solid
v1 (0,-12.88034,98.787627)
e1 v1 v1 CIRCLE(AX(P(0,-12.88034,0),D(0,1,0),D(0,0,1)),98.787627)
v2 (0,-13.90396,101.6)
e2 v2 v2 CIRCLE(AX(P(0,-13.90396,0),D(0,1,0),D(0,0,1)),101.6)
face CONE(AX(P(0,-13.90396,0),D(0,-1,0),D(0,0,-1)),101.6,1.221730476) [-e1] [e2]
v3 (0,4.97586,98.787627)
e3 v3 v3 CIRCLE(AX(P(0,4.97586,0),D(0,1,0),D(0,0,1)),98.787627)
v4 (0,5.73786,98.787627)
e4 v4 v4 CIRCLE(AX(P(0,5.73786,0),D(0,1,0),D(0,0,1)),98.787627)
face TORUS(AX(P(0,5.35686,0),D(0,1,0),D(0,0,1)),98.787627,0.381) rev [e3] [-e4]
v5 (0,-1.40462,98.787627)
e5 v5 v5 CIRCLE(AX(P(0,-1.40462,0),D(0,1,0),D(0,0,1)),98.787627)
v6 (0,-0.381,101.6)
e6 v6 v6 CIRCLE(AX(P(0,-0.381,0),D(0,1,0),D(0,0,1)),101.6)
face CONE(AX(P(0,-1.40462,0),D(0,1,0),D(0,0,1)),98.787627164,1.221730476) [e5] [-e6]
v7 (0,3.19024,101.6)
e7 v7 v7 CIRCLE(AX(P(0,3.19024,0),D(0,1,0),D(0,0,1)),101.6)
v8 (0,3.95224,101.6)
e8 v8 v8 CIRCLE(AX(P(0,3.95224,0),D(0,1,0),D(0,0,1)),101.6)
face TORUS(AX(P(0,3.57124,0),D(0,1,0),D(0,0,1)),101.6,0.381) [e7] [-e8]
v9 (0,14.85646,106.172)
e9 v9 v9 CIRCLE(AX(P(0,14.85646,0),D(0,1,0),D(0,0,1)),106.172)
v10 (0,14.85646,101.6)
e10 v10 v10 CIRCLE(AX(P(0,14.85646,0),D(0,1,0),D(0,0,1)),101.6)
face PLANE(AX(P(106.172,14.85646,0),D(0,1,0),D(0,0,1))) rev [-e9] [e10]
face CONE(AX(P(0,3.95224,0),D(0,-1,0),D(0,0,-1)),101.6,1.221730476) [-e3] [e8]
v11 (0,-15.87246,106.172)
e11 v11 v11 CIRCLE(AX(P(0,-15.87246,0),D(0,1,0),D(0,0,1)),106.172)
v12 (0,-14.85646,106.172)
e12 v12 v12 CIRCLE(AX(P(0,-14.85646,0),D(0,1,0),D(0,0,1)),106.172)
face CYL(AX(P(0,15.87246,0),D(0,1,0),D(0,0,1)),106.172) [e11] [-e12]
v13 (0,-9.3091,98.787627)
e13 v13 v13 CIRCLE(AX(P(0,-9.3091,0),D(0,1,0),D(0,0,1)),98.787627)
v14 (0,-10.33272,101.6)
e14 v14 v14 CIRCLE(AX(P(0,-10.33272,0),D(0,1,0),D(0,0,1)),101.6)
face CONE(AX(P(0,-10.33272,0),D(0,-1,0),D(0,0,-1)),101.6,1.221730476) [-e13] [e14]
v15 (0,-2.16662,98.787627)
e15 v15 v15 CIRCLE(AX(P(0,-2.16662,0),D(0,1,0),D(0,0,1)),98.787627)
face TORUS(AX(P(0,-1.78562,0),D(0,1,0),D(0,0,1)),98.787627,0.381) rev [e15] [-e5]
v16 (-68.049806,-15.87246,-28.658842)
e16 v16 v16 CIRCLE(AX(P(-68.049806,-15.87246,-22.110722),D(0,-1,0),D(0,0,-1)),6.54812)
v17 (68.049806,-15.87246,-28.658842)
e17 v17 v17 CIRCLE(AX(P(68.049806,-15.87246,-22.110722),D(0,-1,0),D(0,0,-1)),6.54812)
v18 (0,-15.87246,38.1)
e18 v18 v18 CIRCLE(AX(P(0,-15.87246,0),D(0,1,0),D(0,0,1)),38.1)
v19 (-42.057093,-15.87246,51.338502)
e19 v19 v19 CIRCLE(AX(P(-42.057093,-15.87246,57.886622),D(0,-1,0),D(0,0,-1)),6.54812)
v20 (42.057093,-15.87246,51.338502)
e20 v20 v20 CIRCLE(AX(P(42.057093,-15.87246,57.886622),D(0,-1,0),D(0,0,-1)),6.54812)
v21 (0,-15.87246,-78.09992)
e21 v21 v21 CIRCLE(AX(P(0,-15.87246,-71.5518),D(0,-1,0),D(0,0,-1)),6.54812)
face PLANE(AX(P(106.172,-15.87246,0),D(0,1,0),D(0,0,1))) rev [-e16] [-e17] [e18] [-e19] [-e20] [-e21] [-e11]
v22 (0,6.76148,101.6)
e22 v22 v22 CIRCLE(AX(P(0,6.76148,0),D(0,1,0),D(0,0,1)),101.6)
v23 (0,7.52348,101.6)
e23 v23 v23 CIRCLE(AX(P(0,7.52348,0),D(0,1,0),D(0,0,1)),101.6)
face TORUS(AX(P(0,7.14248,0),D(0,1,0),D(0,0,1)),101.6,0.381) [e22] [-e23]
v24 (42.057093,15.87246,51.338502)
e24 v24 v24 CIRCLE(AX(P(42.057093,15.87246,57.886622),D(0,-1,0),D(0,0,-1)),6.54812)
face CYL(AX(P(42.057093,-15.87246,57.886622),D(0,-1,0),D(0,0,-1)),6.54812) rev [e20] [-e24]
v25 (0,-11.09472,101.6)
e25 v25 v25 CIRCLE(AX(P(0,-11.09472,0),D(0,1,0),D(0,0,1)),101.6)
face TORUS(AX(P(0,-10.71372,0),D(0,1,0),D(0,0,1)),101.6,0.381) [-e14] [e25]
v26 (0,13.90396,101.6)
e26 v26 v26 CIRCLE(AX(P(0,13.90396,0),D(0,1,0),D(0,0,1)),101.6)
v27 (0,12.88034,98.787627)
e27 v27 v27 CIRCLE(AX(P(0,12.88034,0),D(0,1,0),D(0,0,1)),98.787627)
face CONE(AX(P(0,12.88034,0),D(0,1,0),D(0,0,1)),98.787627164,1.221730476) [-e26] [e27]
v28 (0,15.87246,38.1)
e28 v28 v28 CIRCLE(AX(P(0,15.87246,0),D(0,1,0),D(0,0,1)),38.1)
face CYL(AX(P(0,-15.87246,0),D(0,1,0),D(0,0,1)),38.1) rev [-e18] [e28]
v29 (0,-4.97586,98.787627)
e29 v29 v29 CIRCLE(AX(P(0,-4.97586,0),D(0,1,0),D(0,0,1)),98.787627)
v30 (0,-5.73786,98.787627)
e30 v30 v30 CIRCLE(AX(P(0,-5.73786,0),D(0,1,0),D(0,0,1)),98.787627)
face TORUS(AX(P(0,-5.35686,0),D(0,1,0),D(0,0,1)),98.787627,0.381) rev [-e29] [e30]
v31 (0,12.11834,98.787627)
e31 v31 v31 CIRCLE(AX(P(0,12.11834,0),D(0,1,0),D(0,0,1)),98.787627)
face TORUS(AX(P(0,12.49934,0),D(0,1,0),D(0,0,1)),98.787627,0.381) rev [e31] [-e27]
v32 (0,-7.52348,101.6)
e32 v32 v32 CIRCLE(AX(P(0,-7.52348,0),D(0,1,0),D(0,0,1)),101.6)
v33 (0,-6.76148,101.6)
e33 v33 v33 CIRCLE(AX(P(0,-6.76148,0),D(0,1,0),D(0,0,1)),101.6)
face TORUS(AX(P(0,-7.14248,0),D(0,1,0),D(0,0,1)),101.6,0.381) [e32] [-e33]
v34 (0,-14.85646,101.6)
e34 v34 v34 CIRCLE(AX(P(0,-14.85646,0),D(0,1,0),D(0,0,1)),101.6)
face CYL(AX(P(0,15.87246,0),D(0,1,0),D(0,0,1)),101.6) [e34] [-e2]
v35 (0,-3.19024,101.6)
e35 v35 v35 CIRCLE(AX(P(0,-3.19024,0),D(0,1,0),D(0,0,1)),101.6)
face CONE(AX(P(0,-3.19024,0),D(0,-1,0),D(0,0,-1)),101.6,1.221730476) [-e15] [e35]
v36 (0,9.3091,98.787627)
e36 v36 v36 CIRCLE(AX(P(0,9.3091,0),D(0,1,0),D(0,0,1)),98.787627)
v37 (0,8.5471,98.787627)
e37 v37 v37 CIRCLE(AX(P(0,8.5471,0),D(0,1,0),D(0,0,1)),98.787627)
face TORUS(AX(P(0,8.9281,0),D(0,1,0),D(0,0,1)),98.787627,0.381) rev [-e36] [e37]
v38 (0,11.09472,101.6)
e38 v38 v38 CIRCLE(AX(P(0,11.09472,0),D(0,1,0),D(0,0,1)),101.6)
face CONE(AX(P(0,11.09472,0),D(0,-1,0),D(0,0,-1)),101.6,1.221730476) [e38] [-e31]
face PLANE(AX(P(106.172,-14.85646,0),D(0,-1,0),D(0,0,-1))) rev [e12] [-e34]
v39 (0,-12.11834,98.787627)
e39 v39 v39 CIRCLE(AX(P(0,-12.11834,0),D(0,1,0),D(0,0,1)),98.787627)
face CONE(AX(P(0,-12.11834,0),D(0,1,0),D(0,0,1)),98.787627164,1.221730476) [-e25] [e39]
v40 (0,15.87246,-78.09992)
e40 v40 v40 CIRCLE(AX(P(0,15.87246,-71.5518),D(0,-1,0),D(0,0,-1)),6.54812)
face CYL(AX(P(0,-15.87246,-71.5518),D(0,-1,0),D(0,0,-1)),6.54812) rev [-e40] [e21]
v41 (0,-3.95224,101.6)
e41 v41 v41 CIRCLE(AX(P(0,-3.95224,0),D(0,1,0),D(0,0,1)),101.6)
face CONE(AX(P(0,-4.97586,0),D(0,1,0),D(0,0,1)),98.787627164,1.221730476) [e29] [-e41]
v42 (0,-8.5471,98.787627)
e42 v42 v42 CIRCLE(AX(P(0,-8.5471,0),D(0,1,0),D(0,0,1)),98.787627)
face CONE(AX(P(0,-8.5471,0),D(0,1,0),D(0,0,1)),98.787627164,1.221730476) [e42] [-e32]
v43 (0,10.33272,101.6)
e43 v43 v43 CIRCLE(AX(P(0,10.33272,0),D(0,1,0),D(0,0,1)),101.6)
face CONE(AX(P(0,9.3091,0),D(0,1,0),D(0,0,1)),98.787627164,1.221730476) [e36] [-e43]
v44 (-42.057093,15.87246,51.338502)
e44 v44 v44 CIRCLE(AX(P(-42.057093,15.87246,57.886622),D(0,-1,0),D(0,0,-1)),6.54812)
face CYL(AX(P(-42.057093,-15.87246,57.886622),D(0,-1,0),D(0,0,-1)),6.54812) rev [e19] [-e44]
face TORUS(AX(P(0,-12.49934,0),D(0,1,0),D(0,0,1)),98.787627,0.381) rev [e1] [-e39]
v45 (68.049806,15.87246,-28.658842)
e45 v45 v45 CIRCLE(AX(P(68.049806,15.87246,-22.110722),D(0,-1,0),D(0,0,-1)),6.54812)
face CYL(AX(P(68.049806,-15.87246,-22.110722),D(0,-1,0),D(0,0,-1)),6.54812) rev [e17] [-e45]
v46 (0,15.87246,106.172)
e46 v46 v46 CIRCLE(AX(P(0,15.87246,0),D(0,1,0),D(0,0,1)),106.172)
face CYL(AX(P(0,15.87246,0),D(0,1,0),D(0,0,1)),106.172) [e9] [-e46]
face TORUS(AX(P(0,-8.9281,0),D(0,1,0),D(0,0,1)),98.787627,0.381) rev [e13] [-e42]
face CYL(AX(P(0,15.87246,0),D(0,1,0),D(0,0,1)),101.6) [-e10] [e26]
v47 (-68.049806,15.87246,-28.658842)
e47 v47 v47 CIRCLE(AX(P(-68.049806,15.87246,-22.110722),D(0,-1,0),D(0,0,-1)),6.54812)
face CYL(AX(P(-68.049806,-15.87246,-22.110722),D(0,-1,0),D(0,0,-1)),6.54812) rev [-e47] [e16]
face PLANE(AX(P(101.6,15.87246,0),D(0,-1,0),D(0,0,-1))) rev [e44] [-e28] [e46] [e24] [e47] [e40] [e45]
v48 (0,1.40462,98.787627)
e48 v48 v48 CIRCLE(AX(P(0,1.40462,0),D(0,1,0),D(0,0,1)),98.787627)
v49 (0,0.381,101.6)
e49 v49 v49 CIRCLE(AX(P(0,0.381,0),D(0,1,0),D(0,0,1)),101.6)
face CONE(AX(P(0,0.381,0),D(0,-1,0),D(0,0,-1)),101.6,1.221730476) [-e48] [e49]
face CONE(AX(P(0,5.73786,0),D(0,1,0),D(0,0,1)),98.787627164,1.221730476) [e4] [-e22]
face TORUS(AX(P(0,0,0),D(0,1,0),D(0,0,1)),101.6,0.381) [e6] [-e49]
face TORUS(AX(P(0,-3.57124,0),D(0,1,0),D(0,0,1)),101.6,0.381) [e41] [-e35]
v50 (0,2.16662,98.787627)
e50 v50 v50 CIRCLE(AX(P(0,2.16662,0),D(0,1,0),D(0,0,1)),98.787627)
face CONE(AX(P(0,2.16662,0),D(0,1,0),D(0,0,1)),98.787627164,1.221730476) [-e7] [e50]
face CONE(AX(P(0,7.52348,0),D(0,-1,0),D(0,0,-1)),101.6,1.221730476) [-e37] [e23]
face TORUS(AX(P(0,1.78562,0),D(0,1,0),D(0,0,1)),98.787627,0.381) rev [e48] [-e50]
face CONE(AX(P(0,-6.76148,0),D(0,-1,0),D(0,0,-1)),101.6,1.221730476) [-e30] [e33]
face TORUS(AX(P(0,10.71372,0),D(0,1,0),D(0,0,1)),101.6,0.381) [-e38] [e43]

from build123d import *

# Parameters (mm, degrees)
SKETCH2_R               = 38.1
CUT_EXTRUDE1_DEPTH      = 32.74492
F_1_2_CLEARANCE_HOLE1_D = 13.09624
CIRPATTERN1_COUNT       = 5


with BuildPart() as part:
    # Sketch1 → Revolve1 (revolve)
    with BuildSketch(Plane.XY):
        with BuildLine():
            Line((101.6, 13.90396), (101.6, 14.85646))
            Line((101.6, 14.85646), (106.172, 14.85646))
            Line((106.172, 14.85646), (106.172, 15.87246))
            Line((106.172, 15.87246), (101.6, 15.87246))
            Line((101.6, 15.87246), (0, 15.87246))
            Line((0, 15.87246), (0, -15.87246))
            Line((0, -15.87246), (101.6, -15.87246))
            Line((101.6, -15.87246), (106.172, -15.87246))
            Line((106.172, -15.87246), (106.172, -14.85646))
            Line((106.172, -14.85646), (101.6, -14.85646))
            Line((101.6, -14.85646), (101.6, -13.90396))
            Line((101.6, -13.90396), (98.787627164, -12.88034))
            ThreePointArc((98.787627164, -12.88034), (98.406627164, -12.49934), (98.787627164, -12.11834))
            Line((98.787627164, -12.11834), (101.6, -11.09472))
            ThreePointArc((101.6, -11.09472), (101.981, -10.71372), (101.6, -10.33272))
            Line((101.6, -10.33272), (98.787627164, -9.3091))
            ThreePointArc((98.787627164, -9.3091), (98.406627164, -8.9281), (98.787627164, -8.5471))
            Line((98.787627164, -8.5471), (101.6, -7.52348))
            ThreePointArc((101.6, -7.52348), (101.981, -7.14248), (101.6, -6.76148))
            Line((101.6, -6.76148), (98.787627164, -5.73786))
            ThreePointArc((98.787627164, -5.73786), (98.406627164, -5.35686), (98.787627164, -4.97586))
            Line((98.787627164, -4.97586), (101.6, -3.95224))
            ThreePointArc((101.6, -3.95224), (101.981, -3.57124), (101.6, -3.19024))
            Line((101.6, -3.19024), (98.787627164, -2.16662))
            ThreePointArc((98.787627164, -2.16662), (98.406627164, -1.78562), (98.787627164, -1.40462))
            Line((98.787627164, -1.40462), (101.6, -0.381))
            ThreePointArc((101.6, -0.381), (101.981, 0), (101.6, 0.381))
            Line((101.6, 0.381), (98.787627164, 1.40462))
            ThreePointArc((98.787627164, 1.40462), (98.406627164, 1.78562), (98.787627164, 2.16662))
            Line((98.787627164, 2.16662), (101.6, 3.19024))
            ThreePointArc((101.6, 3.19024), (101.981, 3.57124), (101.6, 3.95224))
            Line((101.6, 3.95224), (98.787627164, 4.97586))
            ThreePointArc((98.787627164, 4.97586), (98.406627164, 5.35686), (98.787627164, 5.73786))
            Line((98.787627164, 5.73786), (101.6, 6.76148))
            ThreePointArc((101.6, 6.76148), (101.981, 7.14248), (101.6, 7.52348))
            Line((101.6, 7.52348), (98.787627164, 8.5471))
            ThreePointArc((98.787627164, 8.5471), (98.406627164, 8.9281), (98.787627164, 9.3091))
            Line((98.787627164, 9.3091), (101.6, 10.33272))
            ThreePointArc((101.6, 10.33272), (101.981, 10.71372), (101.6, 11.09472))
            Line((101.6, 11.09472), (98.787627164, 12.11834))
            ThreePointArc((98.787627164, 12.11834), (98.406627164, 12.49934), (98.787627164, 12.88034))
            Line((98.787627164, 12.88034), (101.6, 13.90396))
        make_face()
    revolve(axis=Axis((0, 15.87246, 0), (0, -1, 0)))

    # Sketch2 → Cut-Extrude1 (cut, through all)
    with BuildSketch(Plane(origin=(0, 15.87246, 0), x_dir=(1, 0, 0), z_dir=(0, 1, 0))):
        Circle(SKETCH2_R)
    extrude(amount=-CUT_EXTRUDE1_DEPTH, mode=Mode.SUBTRACT)

    # 1/2 Clearance Hole1 (through all)
    with Locations(Plane.XZ.offset(15.87246)):
        with Locations((0, -71.5518)):
            f_1_2_clearance_hole1 = Hole(F_1_2_CLEARANCE_HOLE1_D / 2)

    # CirPattern1: 1/2 Clearance Hole1 ×5 about axis
    cirpattern1_axis = Axis((0, 0, 0), (0, 1, 0))
    for i in range(1, CIRPATTERN1_COUNT):
        add(f_1_2_clearance_hole1.rotate(cirpattern1_axis, i * 360 / CIRPATTERN1_COUNT), mode=Mode.SUBTRACT)


solid = part.part
